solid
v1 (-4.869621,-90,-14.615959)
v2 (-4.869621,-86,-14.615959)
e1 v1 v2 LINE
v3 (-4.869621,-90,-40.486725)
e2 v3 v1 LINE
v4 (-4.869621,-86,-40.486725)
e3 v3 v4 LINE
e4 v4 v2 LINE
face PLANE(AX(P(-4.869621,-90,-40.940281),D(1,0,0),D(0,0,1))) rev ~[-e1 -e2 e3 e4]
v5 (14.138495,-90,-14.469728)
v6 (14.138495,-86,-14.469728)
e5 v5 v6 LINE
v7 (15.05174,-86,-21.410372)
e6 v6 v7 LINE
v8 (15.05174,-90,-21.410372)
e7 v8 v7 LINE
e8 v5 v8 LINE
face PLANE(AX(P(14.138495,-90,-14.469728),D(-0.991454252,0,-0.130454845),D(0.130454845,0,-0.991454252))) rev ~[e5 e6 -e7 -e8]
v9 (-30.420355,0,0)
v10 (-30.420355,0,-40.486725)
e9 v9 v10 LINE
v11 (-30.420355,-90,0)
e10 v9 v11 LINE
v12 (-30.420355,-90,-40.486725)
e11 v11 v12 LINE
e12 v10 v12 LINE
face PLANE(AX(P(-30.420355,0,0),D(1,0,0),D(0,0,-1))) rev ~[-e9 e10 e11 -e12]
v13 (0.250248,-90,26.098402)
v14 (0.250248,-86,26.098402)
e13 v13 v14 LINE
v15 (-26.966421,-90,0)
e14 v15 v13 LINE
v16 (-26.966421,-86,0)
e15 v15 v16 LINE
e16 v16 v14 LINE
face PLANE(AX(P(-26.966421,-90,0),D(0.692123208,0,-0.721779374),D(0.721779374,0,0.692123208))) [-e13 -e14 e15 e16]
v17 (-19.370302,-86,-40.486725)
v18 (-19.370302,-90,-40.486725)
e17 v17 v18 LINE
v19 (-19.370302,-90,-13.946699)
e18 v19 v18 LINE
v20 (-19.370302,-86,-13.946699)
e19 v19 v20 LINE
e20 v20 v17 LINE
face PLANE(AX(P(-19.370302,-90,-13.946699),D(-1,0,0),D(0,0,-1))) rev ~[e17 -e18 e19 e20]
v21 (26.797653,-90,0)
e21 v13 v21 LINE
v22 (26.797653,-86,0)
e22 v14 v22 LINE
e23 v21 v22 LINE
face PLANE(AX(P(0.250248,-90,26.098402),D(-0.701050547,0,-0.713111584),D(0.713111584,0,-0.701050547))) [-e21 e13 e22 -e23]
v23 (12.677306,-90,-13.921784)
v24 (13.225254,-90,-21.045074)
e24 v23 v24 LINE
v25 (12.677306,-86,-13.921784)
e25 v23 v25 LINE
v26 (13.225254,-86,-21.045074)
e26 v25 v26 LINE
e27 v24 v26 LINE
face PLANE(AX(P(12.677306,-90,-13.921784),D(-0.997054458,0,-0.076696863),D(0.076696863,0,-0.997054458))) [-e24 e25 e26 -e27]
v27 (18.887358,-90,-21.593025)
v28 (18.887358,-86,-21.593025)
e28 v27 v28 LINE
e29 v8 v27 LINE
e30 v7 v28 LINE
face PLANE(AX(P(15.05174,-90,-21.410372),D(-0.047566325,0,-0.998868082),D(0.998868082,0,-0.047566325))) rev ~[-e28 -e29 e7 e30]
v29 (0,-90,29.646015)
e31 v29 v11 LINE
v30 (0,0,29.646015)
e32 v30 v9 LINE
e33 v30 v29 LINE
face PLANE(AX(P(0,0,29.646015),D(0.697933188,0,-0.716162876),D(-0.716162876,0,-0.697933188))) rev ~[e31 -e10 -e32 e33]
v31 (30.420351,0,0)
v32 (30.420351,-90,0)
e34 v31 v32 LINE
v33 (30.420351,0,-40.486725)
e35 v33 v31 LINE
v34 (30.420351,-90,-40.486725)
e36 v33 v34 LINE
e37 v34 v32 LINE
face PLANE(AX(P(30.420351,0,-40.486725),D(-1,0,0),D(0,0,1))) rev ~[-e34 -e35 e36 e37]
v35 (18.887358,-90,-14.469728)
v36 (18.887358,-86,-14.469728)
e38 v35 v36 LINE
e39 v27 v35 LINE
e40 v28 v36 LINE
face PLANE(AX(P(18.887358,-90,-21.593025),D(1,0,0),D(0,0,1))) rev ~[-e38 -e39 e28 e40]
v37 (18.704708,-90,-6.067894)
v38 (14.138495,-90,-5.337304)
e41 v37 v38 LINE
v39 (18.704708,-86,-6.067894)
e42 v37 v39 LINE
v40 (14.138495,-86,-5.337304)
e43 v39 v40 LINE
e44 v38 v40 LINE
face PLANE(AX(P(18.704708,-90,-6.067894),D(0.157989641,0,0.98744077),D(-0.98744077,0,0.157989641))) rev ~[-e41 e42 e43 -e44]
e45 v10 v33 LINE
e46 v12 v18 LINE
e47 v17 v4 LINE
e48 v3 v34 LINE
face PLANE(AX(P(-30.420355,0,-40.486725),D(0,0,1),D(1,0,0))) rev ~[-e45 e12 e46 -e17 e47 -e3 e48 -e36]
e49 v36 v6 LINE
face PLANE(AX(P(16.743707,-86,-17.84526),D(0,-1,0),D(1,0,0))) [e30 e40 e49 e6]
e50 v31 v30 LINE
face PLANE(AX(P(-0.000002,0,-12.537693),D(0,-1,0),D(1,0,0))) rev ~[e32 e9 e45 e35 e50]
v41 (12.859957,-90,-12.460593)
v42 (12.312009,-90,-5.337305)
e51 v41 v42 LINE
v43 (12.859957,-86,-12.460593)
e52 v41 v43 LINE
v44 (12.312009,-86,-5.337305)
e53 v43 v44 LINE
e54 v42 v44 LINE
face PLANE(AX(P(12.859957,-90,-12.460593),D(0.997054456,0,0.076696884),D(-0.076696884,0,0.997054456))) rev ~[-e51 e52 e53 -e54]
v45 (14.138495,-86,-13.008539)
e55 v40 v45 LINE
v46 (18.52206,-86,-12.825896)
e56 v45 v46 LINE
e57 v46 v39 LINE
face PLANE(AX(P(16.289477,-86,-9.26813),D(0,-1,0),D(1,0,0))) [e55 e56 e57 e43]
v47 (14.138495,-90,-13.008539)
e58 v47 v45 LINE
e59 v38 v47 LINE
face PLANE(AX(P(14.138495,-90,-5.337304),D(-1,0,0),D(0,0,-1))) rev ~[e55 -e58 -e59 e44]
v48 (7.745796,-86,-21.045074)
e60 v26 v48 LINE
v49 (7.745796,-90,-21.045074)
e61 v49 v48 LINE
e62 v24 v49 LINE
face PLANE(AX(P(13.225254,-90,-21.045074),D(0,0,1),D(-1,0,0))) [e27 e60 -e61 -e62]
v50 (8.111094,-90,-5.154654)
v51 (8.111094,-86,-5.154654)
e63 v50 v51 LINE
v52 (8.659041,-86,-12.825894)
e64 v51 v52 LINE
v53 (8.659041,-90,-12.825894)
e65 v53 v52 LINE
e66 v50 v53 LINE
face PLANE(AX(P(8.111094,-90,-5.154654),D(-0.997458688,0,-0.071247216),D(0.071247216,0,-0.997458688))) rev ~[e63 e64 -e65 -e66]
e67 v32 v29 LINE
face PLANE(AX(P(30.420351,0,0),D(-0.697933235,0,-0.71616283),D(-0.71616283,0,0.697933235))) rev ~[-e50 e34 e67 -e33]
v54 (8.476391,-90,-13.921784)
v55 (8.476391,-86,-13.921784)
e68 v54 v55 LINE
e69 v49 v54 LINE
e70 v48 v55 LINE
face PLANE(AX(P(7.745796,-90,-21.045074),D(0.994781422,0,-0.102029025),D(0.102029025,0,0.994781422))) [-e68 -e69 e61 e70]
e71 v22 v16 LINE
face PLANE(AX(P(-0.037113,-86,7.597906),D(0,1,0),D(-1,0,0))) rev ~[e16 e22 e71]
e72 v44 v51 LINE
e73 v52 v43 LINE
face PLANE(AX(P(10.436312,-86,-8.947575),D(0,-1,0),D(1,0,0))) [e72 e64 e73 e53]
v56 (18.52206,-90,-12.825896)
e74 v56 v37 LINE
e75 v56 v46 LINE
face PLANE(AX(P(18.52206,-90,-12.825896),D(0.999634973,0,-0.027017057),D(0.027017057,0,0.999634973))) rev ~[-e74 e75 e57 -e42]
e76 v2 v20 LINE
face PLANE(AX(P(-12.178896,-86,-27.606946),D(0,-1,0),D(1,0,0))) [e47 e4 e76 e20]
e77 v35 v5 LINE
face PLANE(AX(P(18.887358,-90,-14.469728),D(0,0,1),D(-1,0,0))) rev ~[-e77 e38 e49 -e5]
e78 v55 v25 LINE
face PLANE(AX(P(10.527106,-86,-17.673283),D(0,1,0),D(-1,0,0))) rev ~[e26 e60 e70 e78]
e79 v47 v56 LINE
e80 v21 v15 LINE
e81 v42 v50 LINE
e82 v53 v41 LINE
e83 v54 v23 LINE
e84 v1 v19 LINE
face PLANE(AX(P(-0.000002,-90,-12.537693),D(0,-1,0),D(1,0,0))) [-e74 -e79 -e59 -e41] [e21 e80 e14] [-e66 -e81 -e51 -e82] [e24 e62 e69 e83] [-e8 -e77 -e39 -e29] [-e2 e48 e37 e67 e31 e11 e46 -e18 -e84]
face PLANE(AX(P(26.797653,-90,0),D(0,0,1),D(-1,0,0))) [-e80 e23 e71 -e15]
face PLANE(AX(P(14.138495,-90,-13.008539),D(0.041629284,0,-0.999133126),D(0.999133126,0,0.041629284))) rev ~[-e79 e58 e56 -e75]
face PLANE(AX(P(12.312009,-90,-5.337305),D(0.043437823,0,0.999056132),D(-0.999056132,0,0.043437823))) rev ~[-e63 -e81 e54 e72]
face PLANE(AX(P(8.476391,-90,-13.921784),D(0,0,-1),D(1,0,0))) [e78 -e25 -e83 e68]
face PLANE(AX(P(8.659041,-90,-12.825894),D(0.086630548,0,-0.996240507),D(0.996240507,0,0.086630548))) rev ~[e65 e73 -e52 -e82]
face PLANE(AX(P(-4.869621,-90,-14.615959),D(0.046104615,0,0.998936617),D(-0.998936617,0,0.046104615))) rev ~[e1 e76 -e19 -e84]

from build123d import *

# Parameters (mm, degrees)
PAD_DEPTH            = 90
POCKET_DEPTH         = 4
BODY_PLACEMENT_ANGLE = 90


with BuildPart() as part:
    # Sketch → Pad (new body)
    with BuildSketch(Plane.XY):
        Polygon((0, 29.646015), (-30.420355, 0), (-30.420355, -40.486725), (30.420351, -40.486725), (30.420351, 0), align=None)
    extrude(amount=PAD_DEPTH)

    # Sketch001 (on Face7 of Pad) → Pocket (cut)
    with BuildSketch(Plane.XY.offset(90)):
        Polygon((-19.370302, -13.946699), (-19.370302, -40.940281), (-4.869621, -40.940281), (-4.869621, -14.615959), align=None)
        Polygon((8.111094, -5.154654), (8.659041, -12.825894), (12.859957, -12.460593), (12.312009, -5.337305), align=None)
        Polygon((14.138495, -5.337304), (14.138495, -13.008539), (18.52206, -12.825896), (18.704708, -6.067894), align=None)
        Polygon((8.476391, -13.921784), (12.677306, -13.921784), (13.225254, -21.045074), (7.745796, -21.045074), align=None)
        Polygon((14.138495, -14.469728), (15.05174, -21.410372), (18.887358, -21.593025), (18.887358, -14.469728), align=None)
        Polygon((-26.966421, 0), (0.250248, 26.098402), (26.797653, 0), align=None)
    extrude(amount=-POCKET_DEPTH, mode=Mode.SUBTRACT)


with BuildPart() as part_1:
    # Body placement: moved
    add(part.part.rotate(Axis((0, 0, 0), (1, 0, 0)), BODY_PLACEMENT_ANGLE))


solid = part_1.part
